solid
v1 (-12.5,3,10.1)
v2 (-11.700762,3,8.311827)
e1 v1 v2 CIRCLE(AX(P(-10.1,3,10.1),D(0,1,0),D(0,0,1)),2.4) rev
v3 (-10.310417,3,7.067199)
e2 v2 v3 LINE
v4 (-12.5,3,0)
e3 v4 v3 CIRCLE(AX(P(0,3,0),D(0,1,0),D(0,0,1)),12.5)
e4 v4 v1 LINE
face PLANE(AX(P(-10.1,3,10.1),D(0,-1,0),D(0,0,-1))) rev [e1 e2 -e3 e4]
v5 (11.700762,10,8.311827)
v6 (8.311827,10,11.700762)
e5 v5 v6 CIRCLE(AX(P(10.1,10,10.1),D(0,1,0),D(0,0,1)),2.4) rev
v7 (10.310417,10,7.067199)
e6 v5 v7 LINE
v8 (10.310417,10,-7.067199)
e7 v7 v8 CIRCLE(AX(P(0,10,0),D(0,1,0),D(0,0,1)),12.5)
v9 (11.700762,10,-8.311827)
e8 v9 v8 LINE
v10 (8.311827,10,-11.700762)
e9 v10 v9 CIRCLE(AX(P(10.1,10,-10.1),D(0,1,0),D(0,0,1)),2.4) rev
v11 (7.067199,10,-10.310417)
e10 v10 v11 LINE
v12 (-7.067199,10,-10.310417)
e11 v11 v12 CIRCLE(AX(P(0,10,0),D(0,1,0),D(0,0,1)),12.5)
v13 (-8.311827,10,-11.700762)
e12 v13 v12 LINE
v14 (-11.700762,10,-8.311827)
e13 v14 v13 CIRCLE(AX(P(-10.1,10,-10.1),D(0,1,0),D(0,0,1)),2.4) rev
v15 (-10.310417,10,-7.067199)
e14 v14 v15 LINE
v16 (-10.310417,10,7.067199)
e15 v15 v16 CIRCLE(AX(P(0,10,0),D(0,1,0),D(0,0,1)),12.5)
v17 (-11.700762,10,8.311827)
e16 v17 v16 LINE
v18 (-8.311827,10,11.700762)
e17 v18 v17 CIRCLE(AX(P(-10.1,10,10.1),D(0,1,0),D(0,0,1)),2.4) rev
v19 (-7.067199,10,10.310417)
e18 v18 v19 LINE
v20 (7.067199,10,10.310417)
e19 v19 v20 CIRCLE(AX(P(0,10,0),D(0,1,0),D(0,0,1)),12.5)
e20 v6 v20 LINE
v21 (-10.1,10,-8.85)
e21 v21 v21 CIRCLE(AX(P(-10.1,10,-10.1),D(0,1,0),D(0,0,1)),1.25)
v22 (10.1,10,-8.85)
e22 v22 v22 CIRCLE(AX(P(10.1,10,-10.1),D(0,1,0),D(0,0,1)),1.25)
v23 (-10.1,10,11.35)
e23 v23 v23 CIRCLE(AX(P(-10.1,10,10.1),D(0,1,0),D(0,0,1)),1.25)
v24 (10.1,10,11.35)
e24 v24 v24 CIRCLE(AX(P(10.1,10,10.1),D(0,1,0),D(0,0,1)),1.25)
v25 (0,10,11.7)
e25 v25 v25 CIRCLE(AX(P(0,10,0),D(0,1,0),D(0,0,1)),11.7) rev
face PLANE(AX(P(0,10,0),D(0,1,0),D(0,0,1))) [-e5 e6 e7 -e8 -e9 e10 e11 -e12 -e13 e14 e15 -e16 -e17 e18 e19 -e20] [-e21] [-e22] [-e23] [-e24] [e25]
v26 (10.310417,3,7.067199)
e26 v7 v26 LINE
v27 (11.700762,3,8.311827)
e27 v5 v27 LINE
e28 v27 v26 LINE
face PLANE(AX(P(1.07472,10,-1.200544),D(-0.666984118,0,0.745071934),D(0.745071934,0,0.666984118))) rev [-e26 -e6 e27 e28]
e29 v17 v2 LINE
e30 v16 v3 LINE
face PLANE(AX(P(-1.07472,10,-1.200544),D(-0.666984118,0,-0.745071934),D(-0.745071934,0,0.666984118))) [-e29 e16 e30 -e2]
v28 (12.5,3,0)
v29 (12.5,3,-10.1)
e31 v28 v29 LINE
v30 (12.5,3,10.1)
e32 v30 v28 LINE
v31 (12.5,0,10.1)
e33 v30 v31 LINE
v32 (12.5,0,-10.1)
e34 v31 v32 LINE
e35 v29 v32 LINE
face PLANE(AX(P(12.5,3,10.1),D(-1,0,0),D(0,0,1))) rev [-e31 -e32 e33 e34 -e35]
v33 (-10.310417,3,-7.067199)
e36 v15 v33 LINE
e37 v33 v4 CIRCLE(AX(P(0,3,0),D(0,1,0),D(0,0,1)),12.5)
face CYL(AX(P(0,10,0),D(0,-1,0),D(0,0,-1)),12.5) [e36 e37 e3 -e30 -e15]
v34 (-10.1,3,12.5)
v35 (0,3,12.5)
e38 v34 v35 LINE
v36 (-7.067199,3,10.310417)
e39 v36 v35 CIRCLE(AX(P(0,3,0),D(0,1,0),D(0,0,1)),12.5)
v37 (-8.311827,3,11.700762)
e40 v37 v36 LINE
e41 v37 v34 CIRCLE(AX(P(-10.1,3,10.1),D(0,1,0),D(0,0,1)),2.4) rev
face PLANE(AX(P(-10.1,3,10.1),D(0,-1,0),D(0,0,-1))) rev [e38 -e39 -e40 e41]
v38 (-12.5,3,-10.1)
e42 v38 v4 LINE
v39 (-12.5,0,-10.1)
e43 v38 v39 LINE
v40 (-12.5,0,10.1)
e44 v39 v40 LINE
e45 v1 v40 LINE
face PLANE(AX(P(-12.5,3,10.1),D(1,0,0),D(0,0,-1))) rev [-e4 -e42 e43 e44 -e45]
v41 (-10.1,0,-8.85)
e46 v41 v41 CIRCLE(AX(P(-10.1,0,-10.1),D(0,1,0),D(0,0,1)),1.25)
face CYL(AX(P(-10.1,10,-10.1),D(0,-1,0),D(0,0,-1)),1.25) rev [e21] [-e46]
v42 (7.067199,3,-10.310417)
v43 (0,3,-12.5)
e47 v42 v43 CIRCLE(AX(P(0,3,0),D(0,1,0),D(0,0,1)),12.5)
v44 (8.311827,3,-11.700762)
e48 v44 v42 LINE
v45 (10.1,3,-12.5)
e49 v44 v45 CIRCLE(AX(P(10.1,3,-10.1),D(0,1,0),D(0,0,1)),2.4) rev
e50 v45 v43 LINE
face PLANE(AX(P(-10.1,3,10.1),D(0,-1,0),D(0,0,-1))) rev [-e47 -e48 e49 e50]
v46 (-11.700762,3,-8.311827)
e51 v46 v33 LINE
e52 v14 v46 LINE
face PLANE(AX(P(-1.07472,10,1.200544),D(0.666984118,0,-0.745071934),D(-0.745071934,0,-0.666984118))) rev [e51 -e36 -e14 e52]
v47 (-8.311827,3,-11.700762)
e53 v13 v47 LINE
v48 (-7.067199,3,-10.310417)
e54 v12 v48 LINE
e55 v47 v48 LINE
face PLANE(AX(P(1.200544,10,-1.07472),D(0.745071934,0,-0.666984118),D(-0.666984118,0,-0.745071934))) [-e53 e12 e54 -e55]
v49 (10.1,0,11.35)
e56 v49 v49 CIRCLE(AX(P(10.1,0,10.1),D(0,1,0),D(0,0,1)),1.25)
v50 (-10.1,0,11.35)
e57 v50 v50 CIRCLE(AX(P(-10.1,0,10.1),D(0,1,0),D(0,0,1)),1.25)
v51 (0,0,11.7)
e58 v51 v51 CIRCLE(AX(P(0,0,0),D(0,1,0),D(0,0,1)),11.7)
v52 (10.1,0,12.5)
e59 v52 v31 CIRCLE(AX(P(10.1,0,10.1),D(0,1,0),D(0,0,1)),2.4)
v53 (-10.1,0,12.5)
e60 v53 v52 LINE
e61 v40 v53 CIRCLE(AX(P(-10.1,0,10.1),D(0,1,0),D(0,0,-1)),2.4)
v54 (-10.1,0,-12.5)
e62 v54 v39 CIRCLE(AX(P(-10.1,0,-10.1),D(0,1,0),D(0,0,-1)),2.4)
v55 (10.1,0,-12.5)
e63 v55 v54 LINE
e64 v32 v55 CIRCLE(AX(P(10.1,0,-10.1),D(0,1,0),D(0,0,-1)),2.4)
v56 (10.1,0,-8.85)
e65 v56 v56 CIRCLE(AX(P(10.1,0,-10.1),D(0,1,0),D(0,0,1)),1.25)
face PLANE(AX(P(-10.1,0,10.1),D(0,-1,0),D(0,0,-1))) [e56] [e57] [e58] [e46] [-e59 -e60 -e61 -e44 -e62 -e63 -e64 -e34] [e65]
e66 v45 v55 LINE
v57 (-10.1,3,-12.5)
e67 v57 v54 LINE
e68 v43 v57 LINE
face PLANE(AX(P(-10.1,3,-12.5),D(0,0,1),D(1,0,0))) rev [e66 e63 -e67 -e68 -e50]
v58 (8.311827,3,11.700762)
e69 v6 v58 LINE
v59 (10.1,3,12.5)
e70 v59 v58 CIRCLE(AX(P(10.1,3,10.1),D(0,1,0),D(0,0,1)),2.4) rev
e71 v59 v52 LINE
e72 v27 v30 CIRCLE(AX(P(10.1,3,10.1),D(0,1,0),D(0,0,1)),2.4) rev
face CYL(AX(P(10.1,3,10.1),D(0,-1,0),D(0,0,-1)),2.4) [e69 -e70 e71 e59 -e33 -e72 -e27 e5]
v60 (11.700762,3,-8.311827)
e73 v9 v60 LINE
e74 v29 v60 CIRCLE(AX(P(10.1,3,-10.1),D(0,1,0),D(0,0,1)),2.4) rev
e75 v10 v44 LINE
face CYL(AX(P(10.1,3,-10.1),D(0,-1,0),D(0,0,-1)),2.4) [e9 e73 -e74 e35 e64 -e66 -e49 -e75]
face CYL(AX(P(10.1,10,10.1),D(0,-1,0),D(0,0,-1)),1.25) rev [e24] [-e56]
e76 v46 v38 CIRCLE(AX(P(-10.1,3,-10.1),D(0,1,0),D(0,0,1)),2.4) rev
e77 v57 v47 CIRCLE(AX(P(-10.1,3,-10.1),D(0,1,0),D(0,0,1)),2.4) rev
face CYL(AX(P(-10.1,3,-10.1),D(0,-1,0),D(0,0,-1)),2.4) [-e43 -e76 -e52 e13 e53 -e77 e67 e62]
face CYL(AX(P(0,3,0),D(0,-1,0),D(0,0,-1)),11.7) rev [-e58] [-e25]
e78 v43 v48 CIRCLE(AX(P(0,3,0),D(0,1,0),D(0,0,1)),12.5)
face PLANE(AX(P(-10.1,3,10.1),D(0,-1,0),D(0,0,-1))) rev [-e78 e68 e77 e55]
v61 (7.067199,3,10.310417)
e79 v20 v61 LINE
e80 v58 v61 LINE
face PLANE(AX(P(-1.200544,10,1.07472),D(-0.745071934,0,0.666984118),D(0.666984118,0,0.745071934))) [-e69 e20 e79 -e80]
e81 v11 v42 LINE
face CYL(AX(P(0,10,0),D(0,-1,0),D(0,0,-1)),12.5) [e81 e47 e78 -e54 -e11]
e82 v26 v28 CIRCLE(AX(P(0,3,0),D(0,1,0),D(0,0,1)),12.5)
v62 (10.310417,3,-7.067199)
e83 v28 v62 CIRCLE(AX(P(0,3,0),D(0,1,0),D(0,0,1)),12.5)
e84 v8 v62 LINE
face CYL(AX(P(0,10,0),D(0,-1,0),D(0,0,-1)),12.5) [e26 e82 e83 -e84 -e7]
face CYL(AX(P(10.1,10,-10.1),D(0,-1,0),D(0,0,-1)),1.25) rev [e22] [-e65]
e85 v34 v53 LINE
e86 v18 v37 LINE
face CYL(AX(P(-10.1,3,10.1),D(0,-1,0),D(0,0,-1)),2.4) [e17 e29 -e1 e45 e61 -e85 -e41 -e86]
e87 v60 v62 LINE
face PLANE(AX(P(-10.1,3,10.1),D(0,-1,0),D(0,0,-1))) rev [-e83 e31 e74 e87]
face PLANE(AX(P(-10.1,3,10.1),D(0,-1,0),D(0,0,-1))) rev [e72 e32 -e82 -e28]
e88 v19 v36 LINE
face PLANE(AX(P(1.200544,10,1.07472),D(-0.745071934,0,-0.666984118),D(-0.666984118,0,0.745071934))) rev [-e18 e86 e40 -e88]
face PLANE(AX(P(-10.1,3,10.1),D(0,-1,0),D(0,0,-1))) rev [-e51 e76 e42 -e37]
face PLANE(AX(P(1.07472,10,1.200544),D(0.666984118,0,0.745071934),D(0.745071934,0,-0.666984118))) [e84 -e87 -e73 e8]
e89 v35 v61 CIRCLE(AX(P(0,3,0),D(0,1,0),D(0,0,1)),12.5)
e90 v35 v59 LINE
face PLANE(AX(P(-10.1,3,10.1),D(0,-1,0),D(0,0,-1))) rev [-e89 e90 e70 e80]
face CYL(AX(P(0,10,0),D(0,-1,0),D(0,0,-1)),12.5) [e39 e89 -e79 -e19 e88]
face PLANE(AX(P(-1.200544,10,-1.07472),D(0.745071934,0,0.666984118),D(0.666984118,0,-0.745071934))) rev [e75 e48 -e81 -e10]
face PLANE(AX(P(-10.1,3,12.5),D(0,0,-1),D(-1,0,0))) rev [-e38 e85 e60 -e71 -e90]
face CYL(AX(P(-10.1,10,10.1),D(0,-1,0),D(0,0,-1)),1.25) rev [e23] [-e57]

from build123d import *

# Parameters (mm, degrees)
SKETCH_1_R          = 11.7
EXTRUDE_1_DEPTH     = 3
SKETCH_2_R          = 1.25
SKETCH_2_R_2        = 11.7
EXTRUDE_2_DEPTH     = 7
SKETCH_2_3_R        = 1.25
CUT_EXTRUDE_1_DEPTH = 20.013153342


with BuildPart() as part:
    # 草图1 → 凸台-拉伸1 (new body)
    with BuildSketch(Plane(origin=(0, 0, 0), x_dir=(1, 0, 0), z_dir=(0, 1, 0))):
        with BuildLine():
            Line((-10.1, -12.5), (10.1, -12.5))
            ThreePointArc((10.1, -12.5), (11.797056275, -11.797056275), (12.5, -10.1))
            Line((12.5, -10.1), (12.5, 10.1))
            ThreePointArc((12.5, 10.1), (11.797056275, 11.797056275), (10.1, 12.5))
            Line((10.1, 12.5), (-10.1, 12.5))
            ThreePointArc((-10.1, 12.5), (-11.797056275, 11.797056275), (-12.5, 10.1))
            Line((-12.5, 10.1), (-12.5, -10.1))
            ThreePointArc((-12.5, -10.1), (-11.797056275, -11.797056275), (-10.1, -12.5))
        make_face()
        Circle(SKETCH_1_R, mode=Mode.SUBTRACT)
    extrude(amount=EXTRUDE_1_DEPTH)

    # 草图2 → 凸台-拉伸2 (add)
    with BuildSketch(Plane(origin=(0, 3, 0), x_dir=(1, 0, 0), z_dir=(0, 1, 0))):
        with BuildLine():
            ThreePointArc((-12.5, -10.1), (-11.797056275, -11.797056275), (-10.1, -12.5))
            ThreePointArc((-10.1, -12.5), (-9.12067077, -12.29109887), (-8.311827358, -11.700761882))
            Line((-8.311827358, -11.700761882), (-7.067198742, -10.310417156))
            ThreePointArc((-7.067198742, -10.310417156), (-3.699309779, -11.940063114), (-1.8e-08, -12.5))
            ThreePointArc((-1.8e-08, -12.5), (3.699309761, -11.940063119), (7.067198742, -10.310417156))
            Line((7.067198742, -10.310417156), (8.311827358, -11.700761882))
            ThreePointArc((8.311827358, -11.700761882), (9.12067077, -12.29109887), (10.1, -12.5))
            ThreePointArc((10.1, -12.5), (11.797056275, -11.797056275), (12.5, -10.1))
            ThreePointArc((12.5, -10.1), (12.29109887, -9.12067077), (11.700761882, -8.311827358))
            Line((11.700761882, -8.311827358), (10.310417156, -7.067198742))
            ThreePointArc((10.310417156, -7.067198742), (11.940063117, -3.69930977), (12.5, 0))
            ThreePointArc((12.5, 0), (11.940063117, 3.69930977), (10.310417156, 7.067198742))
            Line((10.310417156, 7.067198742), (11.700761882, 8.311827358))
            ThreePointArc((11.700761882, 8.311827358), (12.29109887, 9.12067077), (12.5, 10.1))
            ThreePointArc((12.5, 10.1), (11.797056275, 11.797056275), (10.1, 12.5))
            ThreePointArc((10.1, 12.5), (9.12067077, 12.29109887), (8.311827358, 11.700761882))
            Line((8.311827358, 11.700761882), (7.067198742, 10.310417156))
            ThreePointArc((7.067198742, 10.310417156), (3.699309779, 11.940063114), (1.8e-08, 12.5))
            ThreePointArc((1.8e-08, 12.5), (-3.699309761, 11.940063119), (-7.067198742, 10.310417156))
            Line((-7.067198742, 10.310417156), (-8.311827358, 11.700761882))
            ThreePointArc((-8.311827358, 11.700761882), (-9.12067077, 12.29109887), (-10.1, 12.5))
            ThreePointArc((-10.1, 12.5), (-11.797056275, 11.797056275), (-12.5, 10.1))
            ThreePointArc((-12.5, 10.1), (-12.29109887, 9.12067077), (-11.700761882, 8.311827358))
            Line((-11.700761882, 8.311827358), (-10.310417156, 7.067198742))
            ThreePointArc((-10.310417156, 7.067198742), (-11.940063111, 3.699309787), (-12.5, 3.7e-08))
            ThreePointArc((-12.5, 3.7e-08), (-11.940063122, -3.699309752), (-10.310417156, -7.067198742))
            Line((-10.310417156, -7.067198742), (-11.700761882, -8.311827358))
            ThreePointArc((-11.700761882, -8.311827358), (-12.29109887, -9.12067077), (-12.5, -10.1))
        make_face()
        with Locations((-10.1, -10.1)):
            Circle(SKETCH_2_R, mode=Mode.SUBTRACT)
        with Locations((10.1, -10.1)):
            Circle(SKETCH_2_R, mode=Mode.SUBTRACT)
        Circle(SKETCH_2_R_2, mode=Mode.SUBTRACT)
        with Locations((-10.1, 10.1)):
            Circle(SKETCH_2_R, mode=Mode.SUBTRACT)
        with Locations((10.1, 10.1)):
            Circle(SKETCH_2_R, mode=Mode.SUBTRACT)
    extrude(amount=EXTRUDE_2_DEPTH)

    # 草图2<3> → 切除-拉伸1 (cut, through all)
    with BuildSketch(Plane(origin=(0, 3, 0), x_dir=(1, 0, 0), z_dir=(0, 1, 0))):
        with Locations((-10.1, 10.1)):
            Circle(SKETCH_2_3_R)
        with Locations((10.1, 10.1)):
            Circle(SKETCH_2_3_R)
        with Locations((10.1, -10.1)):
            Circle(SKETCH_2_3_R)
        with Locations((-10.1, -10.1)):
            Circle(SKETCH_2_3_R)
    extrude(amount=-CUT_EXTRUDE_1_DEPTH, mode=Mode.SUBTRACT)


solid = part.part
